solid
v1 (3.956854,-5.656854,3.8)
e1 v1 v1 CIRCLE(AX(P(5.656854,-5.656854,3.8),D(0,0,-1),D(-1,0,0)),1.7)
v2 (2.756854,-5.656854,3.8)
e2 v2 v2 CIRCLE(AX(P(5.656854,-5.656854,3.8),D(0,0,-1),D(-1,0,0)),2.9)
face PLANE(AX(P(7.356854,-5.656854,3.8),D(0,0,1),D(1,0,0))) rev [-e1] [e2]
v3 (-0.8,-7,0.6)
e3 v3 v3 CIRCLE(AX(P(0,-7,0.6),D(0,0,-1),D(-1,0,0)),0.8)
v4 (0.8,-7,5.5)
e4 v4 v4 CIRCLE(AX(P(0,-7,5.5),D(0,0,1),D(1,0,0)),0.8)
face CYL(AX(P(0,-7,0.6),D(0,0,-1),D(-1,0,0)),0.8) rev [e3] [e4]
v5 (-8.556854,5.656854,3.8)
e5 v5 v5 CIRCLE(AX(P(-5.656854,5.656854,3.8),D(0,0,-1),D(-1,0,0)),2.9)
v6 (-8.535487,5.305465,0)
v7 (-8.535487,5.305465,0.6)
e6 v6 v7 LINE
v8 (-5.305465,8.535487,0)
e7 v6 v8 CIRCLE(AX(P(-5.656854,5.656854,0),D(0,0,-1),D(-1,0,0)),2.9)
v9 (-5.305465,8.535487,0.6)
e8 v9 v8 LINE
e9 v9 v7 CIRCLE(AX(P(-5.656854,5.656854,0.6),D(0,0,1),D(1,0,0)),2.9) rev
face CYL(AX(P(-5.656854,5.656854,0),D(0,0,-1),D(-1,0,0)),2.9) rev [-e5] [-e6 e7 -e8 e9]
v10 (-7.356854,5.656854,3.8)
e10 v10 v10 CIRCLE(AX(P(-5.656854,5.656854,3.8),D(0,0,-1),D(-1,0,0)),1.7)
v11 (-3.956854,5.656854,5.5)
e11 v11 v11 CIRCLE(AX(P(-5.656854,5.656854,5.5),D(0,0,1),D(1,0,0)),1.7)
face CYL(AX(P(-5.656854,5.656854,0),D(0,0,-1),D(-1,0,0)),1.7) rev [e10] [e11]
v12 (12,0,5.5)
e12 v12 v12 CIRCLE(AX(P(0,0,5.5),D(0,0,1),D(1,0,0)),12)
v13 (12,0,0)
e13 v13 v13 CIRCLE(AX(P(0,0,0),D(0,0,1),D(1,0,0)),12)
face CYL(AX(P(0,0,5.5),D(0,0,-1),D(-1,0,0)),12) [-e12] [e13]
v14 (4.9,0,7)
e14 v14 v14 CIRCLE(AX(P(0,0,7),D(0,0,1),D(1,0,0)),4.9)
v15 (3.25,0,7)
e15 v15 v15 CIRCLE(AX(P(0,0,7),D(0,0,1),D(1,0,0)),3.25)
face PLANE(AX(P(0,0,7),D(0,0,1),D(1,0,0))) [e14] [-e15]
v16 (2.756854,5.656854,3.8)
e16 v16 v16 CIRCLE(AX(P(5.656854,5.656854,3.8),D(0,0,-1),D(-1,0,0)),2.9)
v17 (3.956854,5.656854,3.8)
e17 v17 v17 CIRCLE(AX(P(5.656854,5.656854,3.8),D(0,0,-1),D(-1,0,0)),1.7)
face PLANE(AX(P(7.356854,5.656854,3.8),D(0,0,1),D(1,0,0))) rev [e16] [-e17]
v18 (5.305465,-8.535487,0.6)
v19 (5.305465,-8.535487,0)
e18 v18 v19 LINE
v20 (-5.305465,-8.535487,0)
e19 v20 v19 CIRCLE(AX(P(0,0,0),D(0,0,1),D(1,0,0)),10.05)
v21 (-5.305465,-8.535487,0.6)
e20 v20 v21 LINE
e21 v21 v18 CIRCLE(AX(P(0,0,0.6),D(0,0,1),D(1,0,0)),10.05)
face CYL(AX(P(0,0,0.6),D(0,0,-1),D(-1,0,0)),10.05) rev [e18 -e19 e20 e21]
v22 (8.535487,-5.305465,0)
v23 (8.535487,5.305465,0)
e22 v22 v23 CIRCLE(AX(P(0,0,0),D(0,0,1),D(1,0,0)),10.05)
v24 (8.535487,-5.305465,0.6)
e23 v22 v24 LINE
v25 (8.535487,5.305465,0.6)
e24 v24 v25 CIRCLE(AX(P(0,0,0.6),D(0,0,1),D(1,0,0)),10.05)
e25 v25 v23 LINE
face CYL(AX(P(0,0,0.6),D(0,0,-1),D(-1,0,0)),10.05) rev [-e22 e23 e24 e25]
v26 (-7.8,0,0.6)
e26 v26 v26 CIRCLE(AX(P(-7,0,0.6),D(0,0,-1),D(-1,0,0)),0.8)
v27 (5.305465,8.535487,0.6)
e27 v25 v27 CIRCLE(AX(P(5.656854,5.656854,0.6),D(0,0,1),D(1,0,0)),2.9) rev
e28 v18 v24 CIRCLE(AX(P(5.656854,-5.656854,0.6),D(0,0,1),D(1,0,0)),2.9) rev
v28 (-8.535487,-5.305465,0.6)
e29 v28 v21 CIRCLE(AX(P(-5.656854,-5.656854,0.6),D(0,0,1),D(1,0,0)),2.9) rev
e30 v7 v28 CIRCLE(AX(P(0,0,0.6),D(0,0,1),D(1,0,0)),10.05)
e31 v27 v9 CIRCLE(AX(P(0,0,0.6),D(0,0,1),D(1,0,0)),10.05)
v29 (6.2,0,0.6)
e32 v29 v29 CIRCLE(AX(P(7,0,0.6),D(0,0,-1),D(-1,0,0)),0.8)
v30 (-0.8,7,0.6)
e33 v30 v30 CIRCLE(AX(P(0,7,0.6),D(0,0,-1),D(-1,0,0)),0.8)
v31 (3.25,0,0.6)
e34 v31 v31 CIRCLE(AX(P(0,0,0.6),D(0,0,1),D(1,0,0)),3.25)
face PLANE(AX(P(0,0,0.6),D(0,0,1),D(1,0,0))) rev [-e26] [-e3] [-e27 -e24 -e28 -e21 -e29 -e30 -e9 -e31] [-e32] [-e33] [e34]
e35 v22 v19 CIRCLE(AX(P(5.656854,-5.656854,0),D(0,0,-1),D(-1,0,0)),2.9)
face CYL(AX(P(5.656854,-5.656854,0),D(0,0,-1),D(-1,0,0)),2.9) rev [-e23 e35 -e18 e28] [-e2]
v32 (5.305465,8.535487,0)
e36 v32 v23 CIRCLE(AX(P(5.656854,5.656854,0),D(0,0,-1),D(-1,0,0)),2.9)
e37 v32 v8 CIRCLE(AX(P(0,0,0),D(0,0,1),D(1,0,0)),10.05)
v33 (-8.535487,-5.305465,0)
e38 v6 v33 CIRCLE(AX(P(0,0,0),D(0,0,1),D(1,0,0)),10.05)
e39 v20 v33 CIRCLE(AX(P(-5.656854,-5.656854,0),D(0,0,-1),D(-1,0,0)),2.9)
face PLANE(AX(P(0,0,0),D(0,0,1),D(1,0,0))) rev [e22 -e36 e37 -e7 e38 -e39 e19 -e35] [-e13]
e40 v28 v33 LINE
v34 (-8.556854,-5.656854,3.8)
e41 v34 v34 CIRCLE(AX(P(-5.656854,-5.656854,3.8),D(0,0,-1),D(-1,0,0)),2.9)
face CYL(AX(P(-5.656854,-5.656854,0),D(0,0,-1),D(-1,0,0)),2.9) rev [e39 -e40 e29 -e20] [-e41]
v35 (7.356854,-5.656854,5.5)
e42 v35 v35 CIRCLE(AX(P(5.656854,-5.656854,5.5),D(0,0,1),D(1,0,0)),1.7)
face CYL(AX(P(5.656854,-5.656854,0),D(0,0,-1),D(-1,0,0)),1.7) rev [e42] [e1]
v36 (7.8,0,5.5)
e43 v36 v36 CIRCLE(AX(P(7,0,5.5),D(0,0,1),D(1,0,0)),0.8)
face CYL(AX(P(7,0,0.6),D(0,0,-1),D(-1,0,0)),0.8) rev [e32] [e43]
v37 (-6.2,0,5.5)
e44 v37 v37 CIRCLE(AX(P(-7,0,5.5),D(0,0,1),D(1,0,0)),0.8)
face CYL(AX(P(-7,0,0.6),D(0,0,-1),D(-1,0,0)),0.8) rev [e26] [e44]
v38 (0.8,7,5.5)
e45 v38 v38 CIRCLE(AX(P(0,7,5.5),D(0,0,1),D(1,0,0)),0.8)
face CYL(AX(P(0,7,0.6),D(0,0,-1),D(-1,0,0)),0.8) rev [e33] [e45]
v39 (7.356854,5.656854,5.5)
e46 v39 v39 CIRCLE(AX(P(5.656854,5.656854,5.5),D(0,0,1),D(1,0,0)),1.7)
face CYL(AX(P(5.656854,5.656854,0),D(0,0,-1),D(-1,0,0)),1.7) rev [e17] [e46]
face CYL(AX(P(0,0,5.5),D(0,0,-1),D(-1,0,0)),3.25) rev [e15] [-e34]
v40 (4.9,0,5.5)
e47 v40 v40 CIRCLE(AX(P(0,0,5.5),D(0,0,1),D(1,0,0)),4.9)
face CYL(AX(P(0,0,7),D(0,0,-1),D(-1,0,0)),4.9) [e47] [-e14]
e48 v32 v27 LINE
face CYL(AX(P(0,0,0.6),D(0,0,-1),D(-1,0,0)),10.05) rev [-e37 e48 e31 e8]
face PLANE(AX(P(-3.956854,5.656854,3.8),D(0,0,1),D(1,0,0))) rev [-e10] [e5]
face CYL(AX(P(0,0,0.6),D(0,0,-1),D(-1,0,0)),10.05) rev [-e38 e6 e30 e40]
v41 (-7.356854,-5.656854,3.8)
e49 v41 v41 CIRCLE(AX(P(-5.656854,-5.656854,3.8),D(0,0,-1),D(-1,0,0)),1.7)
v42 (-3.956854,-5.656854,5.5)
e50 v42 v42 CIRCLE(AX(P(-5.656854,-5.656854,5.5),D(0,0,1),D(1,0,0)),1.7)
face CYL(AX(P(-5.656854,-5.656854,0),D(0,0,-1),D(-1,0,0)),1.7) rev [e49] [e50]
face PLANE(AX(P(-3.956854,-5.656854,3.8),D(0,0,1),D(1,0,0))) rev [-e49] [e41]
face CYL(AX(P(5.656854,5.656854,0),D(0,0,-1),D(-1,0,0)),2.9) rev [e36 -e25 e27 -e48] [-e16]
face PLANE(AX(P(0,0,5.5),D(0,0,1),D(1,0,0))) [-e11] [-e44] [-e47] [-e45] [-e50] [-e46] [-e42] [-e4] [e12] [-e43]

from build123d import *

# Parameters (mm, degrees)
D24_5_5_D6_5_2_R                = 12
D24_5_5_D6_5_2_R_2              = 3.25
D24_5_5_D6_5_DEPTH              = 5.5
EXTRUDE_START                   = 5.5
SKETCH_D9_8_1_5_R               = 4.9
SKETCH_D9_8_1_5_R_2             = 3.25
EXTRUDE_D9_8_1_5_DEPTH          = 1.5
F_4XD3_4_D5_8_PCD16_D           = 3.4
F_4XD3_4_D5_8_PCD16_CBORE_D     = 5.8
F_4XD3_4_D5_8_PCD16_CBORE_DEPTH = 3.8
SKETCH_1093_R                   = 10.05
CUT_EXTRUDE_D20_1_0_6_DEPTH     = 0.6
F_4XM2X0_4_PCD14_D              = 1.6


with BuildPart() as part:
    # D24__5.5__D6.5 2 → D24__5.5__D6.5 (new body)
    with BuildSketch(Plane.XY):
        Circle(D24_5_5_D6_5_2_R)
        Circle(D24_5_5_D6_5_2_R_2, mode=Mode.SUBTRACT)
    extrude(amount=D24_5_5_D6_5_DEPTH)

    # 轴承内孔定位台_D9.8_高1.5_截面 → 轴承内孔定位台_D9.8_高1.5 (add)
    with BuildSketch(Plane.XY.offset(EXTRUDE_START)):
        Circle(SKETCH_D9_8_1_5_R)
        Circle(SKETCH_D9_8_1_5_R_2, mode=Mode.SUBTRACT)
    extrude(amount=EXTRUDE_D9_8_1_5_DEPTH)

    # 轴承内圈_4xD3.4通孔_D5.8沉孔_PCD16 (through all)
    with Locations(Plane(origin=(5.656854249, -5.656854249, 0), x_dir=(-1, 0, 0), z_dir=(0, 0, -1))):
        with Locations((0, 0), (11.313708498, 0), (11.313708498, 11.313708498), (0, 11.313708498)):
            CounterBoreHole(F_4XD3_4_D5_8_PCD16_D / 2, F_4XD3_4_D5_8_PCD16_CBORE_D / 2, F_4XD3_4_D5_8_PCD16_CBORE_DEPTH)

    # Sketch 1093 → 原舵盘定位槽_D20.1_深0.6 (cut)
    with BuildSketch(Plane.XY):
        Circle(SKETCH_1093_R)
    extrude(amount=CUT_EXTRUDE_D20_1_0_6_DEPTH, mode=Mode.SUBTRACT)

    # 原舵盘_4xM2x0.4通螺纹_PCD14 (through all)
    with Locations(Plane(origin=(0, -7, 0.6), x_dir=(-1, 0, 0), z_dir=(0, 0, -1))):
        with Locations((0, 0), (7, 7), (0, 14), (-7, 7)):
            Hole(F_4XM2X0_4_PCD14_D / 2)


solid = part.part
